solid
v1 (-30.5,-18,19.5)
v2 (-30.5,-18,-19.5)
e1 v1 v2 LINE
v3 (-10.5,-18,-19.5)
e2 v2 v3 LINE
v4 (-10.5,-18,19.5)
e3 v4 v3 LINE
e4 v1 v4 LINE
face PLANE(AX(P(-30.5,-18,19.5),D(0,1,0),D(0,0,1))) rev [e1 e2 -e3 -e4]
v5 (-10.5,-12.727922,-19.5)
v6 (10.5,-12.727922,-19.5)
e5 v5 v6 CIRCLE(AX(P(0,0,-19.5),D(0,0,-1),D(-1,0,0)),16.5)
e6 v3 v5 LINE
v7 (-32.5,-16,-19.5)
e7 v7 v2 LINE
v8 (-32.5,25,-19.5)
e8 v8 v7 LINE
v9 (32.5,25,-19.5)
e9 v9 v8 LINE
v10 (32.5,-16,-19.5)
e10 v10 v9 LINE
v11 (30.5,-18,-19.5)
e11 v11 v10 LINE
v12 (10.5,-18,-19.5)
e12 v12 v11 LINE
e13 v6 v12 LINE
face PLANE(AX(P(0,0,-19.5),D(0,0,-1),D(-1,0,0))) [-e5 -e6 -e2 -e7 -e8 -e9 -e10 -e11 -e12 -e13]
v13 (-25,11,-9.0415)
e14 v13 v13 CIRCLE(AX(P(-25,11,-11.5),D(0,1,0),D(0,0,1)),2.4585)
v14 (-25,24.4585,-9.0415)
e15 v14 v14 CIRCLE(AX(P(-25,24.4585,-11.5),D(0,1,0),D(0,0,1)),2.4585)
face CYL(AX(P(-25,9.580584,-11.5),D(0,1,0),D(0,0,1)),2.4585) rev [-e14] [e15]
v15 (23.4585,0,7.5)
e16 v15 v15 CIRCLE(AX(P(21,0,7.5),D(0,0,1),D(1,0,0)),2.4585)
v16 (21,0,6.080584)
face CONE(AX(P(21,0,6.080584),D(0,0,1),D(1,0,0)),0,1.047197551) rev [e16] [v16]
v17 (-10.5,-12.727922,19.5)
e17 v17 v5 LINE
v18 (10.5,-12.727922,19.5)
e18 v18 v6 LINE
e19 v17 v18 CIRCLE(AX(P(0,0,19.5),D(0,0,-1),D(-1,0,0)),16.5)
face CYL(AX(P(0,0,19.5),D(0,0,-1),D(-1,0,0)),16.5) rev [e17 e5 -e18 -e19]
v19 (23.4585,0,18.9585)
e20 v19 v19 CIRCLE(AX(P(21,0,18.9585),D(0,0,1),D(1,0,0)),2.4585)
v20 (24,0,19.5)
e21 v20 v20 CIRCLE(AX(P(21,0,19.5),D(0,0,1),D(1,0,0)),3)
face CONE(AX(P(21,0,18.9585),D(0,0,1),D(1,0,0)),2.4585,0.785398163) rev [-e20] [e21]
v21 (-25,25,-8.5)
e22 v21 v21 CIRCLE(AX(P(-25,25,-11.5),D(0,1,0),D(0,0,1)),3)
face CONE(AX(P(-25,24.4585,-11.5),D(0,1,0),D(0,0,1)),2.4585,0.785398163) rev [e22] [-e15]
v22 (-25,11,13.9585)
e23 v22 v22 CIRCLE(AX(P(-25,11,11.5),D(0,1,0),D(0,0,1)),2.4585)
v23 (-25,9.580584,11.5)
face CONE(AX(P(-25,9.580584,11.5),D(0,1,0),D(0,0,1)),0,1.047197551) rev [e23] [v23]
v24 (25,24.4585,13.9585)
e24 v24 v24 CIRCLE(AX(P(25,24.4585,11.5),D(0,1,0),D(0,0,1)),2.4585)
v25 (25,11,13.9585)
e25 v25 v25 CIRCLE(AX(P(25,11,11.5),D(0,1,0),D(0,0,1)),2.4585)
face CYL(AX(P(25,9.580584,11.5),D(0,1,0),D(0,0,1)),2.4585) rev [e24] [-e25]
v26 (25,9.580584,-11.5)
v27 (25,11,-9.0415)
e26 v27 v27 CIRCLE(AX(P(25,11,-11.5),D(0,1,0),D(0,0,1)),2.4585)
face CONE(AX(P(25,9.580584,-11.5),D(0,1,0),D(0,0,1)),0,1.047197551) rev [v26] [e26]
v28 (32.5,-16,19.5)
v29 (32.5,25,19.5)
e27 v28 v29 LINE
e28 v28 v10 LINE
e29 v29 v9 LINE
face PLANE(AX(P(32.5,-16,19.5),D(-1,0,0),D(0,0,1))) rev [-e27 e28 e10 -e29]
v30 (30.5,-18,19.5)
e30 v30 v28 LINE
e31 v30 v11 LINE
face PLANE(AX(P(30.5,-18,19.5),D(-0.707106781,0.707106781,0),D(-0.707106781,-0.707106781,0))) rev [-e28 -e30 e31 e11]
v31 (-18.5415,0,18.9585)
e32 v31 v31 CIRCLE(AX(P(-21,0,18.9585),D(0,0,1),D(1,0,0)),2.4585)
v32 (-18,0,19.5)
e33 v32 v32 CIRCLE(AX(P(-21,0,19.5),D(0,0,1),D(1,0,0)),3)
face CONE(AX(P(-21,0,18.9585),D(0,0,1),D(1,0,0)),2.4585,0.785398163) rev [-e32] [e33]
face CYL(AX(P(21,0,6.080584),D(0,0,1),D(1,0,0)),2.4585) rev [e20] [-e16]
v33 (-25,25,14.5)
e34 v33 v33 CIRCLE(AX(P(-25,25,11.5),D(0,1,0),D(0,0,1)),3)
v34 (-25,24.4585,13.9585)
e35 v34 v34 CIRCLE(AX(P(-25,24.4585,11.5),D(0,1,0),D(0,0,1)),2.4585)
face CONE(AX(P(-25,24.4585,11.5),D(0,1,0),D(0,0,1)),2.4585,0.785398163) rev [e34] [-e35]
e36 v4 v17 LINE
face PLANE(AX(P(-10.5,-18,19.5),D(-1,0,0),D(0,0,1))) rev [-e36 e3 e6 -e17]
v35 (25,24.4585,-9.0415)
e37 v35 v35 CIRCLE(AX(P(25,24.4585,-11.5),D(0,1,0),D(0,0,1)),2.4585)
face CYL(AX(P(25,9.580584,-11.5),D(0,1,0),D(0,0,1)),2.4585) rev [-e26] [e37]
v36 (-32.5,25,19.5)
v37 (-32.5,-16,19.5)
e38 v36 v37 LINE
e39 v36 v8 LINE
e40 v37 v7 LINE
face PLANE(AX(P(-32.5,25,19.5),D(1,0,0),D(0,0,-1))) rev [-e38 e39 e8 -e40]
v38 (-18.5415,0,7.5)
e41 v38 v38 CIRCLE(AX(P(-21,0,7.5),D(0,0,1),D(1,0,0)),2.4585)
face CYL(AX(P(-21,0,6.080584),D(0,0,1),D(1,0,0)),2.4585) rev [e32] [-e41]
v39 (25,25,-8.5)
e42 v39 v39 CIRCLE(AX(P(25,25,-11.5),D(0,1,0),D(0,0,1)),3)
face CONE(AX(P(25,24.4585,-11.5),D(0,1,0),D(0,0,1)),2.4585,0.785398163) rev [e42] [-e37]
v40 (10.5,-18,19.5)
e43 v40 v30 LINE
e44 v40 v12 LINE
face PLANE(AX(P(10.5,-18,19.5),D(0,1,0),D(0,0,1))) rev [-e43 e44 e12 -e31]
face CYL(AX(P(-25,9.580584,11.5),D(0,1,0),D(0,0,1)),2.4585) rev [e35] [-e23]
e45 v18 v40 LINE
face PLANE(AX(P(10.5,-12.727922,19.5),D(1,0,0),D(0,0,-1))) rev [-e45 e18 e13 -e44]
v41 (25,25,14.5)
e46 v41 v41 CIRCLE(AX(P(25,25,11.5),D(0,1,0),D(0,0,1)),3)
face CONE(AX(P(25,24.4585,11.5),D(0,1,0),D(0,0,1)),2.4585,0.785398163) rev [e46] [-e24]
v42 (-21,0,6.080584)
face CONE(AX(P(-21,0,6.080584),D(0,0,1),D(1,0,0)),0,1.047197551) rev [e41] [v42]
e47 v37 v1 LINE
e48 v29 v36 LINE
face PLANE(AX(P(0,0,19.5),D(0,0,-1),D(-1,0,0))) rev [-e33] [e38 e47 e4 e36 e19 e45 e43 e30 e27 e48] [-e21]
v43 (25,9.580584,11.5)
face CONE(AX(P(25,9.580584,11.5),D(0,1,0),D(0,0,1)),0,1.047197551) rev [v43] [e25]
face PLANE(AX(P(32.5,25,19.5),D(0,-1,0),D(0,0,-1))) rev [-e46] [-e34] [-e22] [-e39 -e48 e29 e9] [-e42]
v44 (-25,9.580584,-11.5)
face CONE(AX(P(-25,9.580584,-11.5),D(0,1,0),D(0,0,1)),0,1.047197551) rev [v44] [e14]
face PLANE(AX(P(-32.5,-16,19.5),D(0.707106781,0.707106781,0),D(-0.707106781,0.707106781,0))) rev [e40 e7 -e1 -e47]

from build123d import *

# Parameters (mm, degrees)
EXTRUDE_1_DEPTH      = 19.5
EXTRUDE_1_DEPTH_BACK = 19.5


with BuildPart() as part:
    # 草图1 → 凸台-拉伸1 (new, two sides: drawn at the far end of the back side and taken through both)
    with BuildSketch(Plane.XY.offset(-EXTRUDE_1_DEPTH_BACK)):
        with BuildLine():
            Line((-32.5, 25), (-32.5, -16))
            Line((-32.5, -16), (-30.5, -18))
            Line((-30.5, -18), (-10.5, -18))
            Line((-10.5, -18), (-10.5, -12.727922061))
            ThreePointArc((-10.5, -12.727922061), (0, 16.5), (10.5, -12.727922061))
            Line((10.5, -12.727922061), (10.5, -18))
            Line((10.5, -18), (30.5, -18))
            Line((30.5, -18), (32.5, -16))
            Line((32.5, -16), (32.5, 25))
            Line((32.5, 25), (-32.5, 25))
        make_face()
    extrude(amount=EXTRUDE_1_DEPTH + EXTRUDE_1_DEPTH_BACK)

    # 草图2 → 切除-旋转1 (revolve, cut)
    with BuildSketch(Plane(origin=(21, 0, 0), x_dir=(0, 0, -1), z_dir=(1, 0, 0))):
        Polygon((-19.5, 0), (-19.5, 3), (-18.9585, 2.4585), (-7.5, 2.4585), (-6.080584363, 0), align=None)
    revolve(axis=Axis((21, 0, 6.080584363), (0, 0, 1)), mode=Mode.SUBTRACT)

    # 草图3 → 切除-旋转2 (revolve, cut)
    with BuildSketch(Plane(origin=(-21, 0, 0), x_dir=(0, 0, -1), z_dir=(1, 0, 0))):
        Polygon((-19.5, 0), (-19.5, 3), (-18.9585, 2.4585), (-7.5, 2.4585), (-6.080584363, 0), align=None)
    revolve(axis=Axis((-21, 0, 6.080584363), (0, 0, 1)), mode=Mode.SUBTRACT)

    # 草图4 → 切除-旋转3 (revolve, cut)
    with BuildSketch(Plane(origin=(25, 0, 0), x_dir=(0, 0, -1), z_dir=(1, 0, 0))):
        Polygon((-11.5, 25), (-8.5, 25), (-9.0415, 24.4585), (-9.0415, 11), (-11.5, 9.580584363), align=None)
    revolve(axis=Axis((25, 9.580584363, 11.5), (0, 1, 0)), mode=Mode.SUBTRACT)

    # 草图5 → 切除-旋转4 (revolve, cut)
    with BuildSketch(Plane(origin=(25, 0, 0), x_dir=(0, 0, -1), z_dir=(1, 0, 0))):
        Polygon((11.5, 25), (14.5, 25), (13.9585, 24.4585), (13.9585, 11), (11.5, 9.580584363), align=None)
    revolve(axis=Axis((25, 9.580584363, -11.5), (0, 1, 0)), mode=Mode.SUBTRACT)

    # 草图6 → 切除-旋转5 (revolve, cut)
    with BuildSketch(Plane(origin=(-25, 0, 0), x_dir=(0, 0, -1), z_dir=(1, 0, 0))):
        Polygon((-11.5, 25), (-8.5, 25), (-9.0415, 24.4585), (-9.0415, 11), (-11.5, 9.580584363), align=None)
    revolve(axis=Axis((-25, 9.580584363, 11.5), (0, 1, 0)), mode=Mode.SUBTRACT)

    # 草图7 → 切除-旋转6 (revolve, cut)
    with BuildSketch(Plane(origin=(-25, 0, 0), x_dir=(0, 0, -1), z_dir=(1, 0, 0))):
        Polygon((11.5, 25), (14.5, 25), (13.9585, 24.4585), (13.9585, 11), (11.5, 9.580584363), align=None)
    revolve(axis=Axis((-25, 9.580584363, -11.5), (0, 1, 0)), mode=Mode.SUBTRACT)


solid = part.part
